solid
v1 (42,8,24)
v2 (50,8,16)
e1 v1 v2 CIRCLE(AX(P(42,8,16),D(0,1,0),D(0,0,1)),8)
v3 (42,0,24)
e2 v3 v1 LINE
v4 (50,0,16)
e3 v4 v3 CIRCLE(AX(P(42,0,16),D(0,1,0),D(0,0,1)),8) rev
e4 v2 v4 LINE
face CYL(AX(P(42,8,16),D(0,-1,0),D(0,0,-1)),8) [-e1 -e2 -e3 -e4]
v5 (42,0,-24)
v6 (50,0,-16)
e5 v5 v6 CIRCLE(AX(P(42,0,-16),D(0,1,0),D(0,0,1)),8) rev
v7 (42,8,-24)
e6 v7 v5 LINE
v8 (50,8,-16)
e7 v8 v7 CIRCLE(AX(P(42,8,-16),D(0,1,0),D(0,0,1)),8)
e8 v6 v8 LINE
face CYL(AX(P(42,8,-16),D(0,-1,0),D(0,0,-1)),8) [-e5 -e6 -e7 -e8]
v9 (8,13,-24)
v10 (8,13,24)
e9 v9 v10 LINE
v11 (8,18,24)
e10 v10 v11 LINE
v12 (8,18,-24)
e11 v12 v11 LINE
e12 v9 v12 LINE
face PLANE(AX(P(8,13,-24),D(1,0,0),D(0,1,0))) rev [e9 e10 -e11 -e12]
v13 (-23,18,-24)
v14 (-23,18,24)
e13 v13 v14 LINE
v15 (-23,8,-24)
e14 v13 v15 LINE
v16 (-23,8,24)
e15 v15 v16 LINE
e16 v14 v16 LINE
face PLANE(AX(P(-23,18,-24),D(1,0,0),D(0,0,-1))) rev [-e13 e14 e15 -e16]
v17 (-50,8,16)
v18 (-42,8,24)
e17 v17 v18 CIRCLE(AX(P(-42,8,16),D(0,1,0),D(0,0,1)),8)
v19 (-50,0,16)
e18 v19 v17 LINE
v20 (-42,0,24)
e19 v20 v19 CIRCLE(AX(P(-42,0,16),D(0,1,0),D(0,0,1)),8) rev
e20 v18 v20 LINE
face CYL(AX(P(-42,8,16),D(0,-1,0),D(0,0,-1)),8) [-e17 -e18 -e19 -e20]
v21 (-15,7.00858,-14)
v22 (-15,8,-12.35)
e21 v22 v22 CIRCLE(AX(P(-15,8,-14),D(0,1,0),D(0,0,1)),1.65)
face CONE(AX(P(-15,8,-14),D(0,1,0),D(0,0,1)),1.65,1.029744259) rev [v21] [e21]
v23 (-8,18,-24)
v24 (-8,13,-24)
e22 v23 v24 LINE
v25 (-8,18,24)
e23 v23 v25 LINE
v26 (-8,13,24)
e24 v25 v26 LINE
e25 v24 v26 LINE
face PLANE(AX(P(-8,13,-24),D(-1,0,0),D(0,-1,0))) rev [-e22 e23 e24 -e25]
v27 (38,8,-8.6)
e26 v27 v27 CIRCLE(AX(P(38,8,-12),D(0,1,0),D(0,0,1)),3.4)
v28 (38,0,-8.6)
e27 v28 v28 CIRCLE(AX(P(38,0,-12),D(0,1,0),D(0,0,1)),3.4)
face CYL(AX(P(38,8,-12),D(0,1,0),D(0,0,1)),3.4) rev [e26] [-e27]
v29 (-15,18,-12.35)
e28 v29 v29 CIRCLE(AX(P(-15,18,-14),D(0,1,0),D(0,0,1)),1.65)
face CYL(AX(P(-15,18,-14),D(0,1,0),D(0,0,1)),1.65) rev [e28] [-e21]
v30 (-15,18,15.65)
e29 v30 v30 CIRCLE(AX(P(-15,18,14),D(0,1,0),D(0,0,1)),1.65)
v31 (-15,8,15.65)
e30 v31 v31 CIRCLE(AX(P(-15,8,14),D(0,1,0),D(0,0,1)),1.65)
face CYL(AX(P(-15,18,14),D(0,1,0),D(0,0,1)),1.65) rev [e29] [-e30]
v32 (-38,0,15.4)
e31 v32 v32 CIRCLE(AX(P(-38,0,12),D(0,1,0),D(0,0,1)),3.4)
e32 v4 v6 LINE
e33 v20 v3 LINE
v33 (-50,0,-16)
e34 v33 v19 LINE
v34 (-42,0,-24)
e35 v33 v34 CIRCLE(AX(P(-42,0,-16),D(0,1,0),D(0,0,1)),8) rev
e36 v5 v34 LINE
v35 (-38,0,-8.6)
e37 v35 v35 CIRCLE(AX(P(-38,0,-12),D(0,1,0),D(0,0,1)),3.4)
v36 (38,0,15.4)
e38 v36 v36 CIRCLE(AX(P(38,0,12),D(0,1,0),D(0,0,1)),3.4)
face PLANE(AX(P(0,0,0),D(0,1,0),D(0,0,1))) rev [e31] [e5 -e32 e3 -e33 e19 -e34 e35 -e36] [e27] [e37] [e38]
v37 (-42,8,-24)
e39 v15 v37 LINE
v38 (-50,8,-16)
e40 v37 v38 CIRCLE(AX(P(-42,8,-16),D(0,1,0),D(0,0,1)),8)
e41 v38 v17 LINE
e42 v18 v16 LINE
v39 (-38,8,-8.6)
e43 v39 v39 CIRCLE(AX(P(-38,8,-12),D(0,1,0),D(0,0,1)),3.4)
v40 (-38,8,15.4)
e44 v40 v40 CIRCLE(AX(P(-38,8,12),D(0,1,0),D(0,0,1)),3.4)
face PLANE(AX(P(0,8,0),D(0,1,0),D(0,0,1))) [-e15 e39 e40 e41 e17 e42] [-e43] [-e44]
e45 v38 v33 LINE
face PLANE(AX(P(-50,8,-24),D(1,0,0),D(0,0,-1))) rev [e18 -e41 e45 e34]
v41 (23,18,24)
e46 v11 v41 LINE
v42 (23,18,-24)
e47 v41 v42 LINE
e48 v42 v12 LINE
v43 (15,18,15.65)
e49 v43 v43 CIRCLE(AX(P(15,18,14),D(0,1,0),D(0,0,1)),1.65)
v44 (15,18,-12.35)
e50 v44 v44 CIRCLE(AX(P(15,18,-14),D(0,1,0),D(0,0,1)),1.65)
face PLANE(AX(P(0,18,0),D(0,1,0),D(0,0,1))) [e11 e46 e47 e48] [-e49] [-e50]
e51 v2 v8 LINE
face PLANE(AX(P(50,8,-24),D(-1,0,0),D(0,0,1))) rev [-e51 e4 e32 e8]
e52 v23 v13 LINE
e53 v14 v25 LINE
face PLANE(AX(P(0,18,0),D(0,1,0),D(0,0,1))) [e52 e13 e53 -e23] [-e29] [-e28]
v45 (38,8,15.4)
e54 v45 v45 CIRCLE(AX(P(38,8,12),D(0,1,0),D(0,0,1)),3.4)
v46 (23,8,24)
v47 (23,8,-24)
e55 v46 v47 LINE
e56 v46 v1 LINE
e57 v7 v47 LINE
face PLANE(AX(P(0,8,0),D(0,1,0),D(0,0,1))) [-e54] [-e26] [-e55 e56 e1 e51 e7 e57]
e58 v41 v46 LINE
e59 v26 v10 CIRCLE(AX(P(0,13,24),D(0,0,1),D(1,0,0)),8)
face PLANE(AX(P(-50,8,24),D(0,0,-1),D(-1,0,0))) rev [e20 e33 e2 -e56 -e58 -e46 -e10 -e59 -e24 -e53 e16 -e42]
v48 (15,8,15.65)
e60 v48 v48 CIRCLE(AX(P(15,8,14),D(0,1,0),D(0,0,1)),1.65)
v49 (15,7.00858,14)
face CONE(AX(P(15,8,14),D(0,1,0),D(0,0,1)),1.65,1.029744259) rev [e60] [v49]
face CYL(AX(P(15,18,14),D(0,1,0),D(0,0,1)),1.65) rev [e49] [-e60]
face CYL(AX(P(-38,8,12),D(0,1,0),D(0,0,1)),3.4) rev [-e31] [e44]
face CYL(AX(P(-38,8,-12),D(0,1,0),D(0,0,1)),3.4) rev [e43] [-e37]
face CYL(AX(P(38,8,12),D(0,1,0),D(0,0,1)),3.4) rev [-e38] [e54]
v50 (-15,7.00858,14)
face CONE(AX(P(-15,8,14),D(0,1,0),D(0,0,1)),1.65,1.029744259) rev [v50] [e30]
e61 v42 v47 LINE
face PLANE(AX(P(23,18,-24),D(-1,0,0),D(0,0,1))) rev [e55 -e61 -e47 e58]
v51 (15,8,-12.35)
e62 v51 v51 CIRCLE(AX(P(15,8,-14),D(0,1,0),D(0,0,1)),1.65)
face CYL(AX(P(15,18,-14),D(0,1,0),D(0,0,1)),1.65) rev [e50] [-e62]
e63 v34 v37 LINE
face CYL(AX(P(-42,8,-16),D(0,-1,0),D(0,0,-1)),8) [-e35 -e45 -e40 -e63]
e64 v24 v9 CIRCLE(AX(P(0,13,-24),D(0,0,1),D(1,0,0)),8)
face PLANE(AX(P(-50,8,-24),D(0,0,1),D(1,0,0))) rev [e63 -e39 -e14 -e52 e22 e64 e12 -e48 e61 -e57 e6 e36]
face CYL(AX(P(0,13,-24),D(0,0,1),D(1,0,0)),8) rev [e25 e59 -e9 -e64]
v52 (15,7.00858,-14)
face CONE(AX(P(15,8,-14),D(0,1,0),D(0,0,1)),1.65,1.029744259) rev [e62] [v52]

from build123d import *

# Parameters (mm, degrees)
SKETCH1_W             = 100
SKETCH1_H             = 48
BOSS_EXTRUDE1_DEPTH   = 8
SKETCH2_W             = 46
SKETCH2_H             = 48
BOSS_EXTRUDE2_DEPTH   = 10
CUT_EXTRUDE1_DEPTH    = 72.61005516
FILLET1_R             = 8
M4_TAPPED_HOLE1_D     = 3.3
M4_TAPPED_HOLE1_DEPTH = 10
M4_TAPPED_HOLE1_TIP   = 0.991420021
M8_TAPPED_HOLE1_D     = 6.8


with BuildPart() as part:
    # Sketch1 → Boss-Extrude1 (new body)
    with BuildSketch(Plane(origin=(0, 0, 0), x_dir=(1, 0, 0), z_dir=(0, 1, 0))):
        Rectangle(SKETCH1_W, SKETCH1_H)
    extrude(amount=BOSS_EXTRUDE1_DEPTH)

    # Sketch2 → Boss-Extrude2 (add)
    with BuildSketch(Plane(origin=(0, 8, 0), x_dir=(1, 0, 0), z_dir=(0, 1, 0))):
        Rectangle(SKETCH2_W, SKETCH2_H)
    extrude(amount=BOSS_EXTRUDE2_DEPTH)

    # Sketch3 → Cut-Extrude1 (cut, through all)
    with BuildSketch(Plane.XY.offset(24)):
        with BuildLine():
            Line((-8, 13), (-8, 18))
            Line((-8, 18), (8, 18))
            Line((8, 18), (8, 13))
            ThreePointArc((8, 13), (0, 5), (-8, 13))
        make_face()
    extrude(amount=-CUT_EXTRUDE1_DEPTH, mode=Mode.SUBTRACT)

    # Fillet1
    fillet1_edges = [part.edges().sort_by_distance(p)[0] for p in [
        (50, 4, 24),
        (-50, 4, 24),
        (-50, 4, -24),
        (50, 4, -24),
    ]]
    fillet(fillet1_edges, radius=FILLET1_R)

    # M4 Tapped Hole1
    with Locations(Plane(origin=(0, 18, 0), x_dir=(1, 0, 0), z_dir=(0, 1, 0))):
        with Locations((-15, 14), (-15, -14), (15, -14), (15, 14)):
            Hole(M4_TAPPED_HOLE1_D / 2, depth=M4_TAPPED_HOLE1_DEPTH)
            with Locations((0, 0, -(M4_TAPPED_HOLE1_DEPTH + M4_TAPPED_HOLE1_TIP / 2))):  # 118° drill point
                Cone(0, M4_TAPPED_HOLE1_D / 2, M4_TAPPED_HOLE1_TIP, mode=Mode.SUBTRACT)

    # M8 Tapped Hole1 (through all)
    with Locations(Plane(origin=(0, 8, 0), x_dir=(1, 0, 0), z_dir=(0, 1, 0))):
        with Locations((-38, 12), (-38, -12), (38, -12), (38, 12)):
            Hole(M8_TAPPED_HOLE1_D / 2)


solid = part.part
